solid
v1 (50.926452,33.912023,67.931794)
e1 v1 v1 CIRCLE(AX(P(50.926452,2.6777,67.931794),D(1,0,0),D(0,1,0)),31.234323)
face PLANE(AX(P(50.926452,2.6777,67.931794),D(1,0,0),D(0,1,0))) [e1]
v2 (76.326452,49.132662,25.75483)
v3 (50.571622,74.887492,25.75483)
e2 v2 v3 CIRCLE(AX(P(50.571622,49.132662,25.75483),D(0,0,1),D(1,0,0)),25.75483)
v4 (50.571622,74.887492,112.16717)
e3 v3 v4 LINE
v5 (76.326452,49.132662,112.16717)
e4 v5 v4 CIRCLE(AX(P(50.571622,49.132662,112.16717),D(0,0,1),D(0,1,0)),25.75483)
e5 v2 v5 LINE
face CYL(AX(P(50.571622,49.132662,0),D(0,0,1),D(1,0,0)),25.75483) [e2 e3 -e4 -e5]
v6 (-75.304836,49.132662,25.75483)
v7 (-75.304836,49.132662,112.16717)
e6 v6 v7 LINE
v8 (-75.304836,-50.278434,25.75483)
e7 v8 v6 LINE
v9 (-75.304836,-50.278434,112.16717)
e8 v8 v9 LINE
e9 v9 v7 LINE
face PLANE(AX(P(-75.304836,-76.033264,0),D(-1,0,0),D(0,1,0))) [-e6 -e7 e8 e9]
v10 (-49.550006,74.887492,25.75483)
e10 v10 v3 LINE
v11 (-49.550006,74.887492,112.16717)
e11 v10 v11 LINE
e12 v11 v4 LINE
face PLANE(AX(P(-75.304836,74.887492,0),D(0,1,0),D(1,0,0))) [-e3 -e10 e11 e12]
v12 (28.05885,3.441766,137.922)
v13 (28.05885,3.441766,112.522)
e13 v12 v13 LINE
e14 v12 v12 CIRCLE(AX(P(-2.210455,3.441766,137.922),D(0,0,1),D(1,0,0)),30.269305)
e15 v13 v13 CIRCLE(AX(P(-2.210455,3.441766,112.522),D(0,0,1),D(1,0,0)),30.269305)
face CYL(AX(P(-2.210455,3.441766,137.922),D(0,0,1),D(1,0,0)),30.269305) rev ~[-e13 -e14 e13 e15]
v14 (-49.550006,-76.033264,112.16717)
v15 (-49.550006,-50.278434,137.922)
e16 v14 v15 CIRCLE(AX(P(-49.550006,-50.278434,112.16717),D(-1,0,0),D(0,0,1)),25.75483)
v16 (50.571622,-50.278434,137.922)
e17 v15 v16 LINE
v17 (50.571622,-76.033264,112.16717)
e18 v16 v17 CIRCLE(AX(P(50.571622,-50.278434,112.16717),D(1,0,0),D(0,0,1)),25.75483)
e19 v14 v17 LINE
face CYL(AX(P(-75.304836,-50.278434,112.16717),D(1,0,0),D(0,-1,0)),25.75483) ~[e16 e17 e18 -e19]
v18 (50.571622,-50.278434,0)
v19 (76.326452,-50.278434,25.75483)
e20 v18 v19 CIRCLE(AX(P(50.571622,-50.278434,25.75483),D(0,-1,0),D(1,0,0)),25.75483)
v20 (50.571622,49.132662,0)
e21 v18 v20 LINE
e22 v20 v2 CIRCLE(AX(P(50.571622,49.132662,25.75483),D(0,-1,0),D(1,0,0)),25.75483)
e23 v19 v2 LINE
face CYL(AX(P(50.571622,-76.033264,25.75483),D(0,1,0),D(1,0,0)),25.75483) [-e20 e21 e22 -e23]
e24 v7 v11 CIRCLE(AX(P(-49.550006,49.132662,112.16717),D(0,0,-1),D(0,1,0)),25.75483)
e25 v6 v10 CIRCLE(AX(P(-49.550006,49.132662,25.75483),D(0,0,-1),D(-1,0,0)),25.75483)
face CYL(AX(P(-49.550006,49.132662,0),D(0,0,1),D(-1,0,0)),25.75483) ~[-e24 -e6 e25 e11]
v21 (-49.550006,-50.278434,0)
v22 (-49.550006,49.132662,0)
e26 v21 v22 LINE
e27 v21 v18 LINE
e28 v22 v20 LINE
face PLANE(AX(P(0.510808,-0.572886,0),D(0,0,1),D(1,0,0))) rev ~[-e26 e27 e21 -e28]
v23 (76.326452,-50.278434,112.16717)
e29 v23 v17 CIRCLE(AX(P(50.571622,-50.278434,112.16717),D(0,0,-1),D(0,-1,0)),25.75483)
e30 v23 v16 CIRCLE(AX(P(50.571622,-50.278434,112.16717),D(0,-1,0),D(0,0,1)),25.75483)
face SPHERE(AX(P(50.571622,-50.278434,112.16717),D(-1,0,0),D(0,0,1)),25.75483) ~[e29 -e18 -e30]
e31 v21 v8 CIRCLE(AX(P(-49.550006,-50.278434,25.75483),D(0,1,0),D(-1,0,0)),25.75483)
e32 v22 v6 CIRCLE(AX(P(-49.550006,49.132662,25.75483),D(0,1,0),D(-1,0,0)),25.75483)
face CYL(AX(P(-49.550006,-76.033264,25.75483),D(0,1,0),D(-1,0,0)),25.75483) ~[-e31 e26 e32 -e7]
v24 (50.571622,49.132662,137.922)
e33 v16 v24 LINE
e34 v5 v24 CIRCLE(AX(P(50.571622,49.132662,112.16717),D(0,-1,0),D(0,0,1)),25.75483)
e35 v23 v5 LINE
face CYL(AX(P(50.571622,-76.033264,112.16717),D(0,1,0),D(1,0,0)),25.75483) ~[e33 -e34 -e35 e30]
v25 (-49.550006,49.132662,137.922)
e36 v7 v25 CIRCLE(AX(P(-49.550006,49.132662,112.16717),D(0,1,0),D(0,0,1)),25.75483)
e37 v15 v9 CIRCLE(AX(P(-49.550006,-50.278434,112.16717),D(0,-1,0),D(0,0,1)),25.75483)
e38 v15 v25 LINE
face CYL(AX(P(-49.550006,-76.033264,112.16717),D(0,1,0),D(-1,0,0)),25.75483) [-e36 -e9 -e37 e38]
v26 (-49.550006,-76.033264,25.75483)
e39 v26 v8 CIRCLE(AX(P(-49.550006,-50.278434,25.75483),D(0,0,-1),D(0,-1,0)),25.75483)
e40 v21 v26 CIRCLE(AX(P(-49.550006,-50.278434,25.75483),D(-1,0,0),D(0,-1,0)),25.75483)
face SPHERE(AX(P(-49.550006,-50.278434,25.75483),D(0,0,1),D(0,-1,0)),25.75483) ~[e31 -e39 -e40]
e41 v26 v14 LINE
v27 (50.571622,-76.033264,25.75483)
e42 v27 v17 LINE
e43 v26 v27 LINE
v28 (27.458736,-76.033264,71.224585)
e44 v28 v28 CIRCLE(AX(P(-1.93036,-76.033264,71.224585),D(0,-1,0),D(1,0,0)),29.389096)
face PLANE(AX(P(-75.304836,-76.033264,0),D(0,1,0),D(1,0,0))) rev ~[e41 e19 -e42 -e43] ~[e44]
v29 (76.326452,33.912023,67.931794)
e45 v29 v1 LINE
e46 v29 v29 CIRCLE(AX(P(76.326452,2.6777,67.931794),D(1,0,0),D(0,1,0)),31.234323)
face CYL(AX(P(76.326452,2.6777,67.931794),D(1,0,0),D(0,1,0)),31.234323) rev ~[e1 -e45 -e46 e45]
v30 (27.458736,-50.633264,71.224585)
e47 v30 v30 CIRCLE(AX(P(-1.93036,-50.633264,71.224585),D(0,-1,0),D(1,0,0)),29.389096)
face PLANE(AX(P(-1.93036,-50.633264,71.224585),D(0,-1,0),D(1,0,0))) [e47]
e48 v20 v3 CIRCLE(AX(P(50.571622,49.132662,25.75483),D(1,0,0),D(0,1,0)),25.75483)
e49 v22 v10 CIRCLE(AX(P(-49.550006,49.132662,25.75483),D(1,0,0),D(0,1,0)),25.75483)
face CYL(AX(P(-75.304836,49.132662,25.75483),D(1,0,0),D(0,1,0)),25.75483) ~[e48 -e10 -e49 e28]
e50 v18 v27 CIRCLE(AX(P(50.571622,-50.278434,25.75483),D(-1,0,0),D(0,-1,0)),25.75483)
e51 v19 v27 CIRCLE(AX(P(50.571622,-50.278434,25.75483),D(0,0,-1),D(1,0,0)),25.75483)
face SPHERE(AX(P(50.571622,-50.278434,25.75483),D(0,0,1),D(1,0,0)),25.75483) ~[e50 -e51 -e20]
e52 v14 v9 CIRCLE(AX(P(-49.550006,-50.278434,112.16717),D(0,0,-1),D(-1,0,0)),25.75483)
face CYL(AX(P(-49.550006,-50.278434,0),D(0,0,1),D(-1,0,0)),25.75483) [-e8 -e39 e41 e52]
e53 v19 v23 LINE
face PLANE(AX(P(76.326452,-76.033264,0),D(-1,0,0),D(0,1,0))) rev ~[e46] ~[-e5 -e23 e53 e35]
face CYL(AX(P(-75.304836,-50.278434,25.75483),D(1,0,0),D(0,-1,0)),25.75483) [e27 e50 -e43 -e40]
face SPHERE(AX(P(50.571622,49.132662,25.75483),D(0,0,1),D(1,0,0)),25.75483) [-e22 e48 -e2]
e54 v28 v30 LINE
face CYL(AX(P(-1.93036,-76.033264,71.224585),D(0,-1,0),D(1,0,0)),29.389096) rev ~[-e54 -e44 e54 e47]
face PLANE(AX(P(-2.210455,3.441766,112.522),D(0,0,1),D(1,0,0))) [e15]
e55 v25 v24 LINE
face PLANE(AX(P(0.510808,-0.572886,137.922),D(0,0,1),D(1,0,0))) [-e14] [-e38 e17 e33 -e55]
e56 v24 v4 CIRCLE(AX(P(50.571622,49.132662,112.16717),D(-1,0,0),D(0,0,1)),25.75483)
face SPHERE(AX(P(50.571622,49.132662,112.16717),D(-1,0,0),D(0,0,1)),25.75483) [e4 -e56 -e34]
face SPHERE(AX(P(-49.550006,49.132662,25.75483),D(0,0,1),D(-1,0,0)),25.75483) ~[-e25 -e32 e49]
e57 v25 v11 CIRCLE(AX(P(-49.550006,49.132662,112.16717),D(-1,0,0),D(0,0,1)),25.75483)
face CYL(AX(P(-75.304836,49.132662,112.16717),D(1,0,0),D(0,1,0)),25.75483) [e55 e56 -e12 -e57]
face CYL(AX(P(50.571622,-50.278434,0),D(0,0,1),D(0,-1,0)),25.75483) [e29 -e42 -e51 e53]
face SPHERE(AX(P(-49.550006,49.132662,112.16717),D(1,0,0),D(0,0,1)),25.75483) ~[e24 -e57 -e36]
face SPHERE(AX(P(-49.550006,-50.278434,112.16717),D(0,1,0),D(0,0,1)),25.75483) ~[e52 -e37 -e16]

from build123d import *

# Parameters (mm, degrees)
F0_W     = 151.631288
F0_H     = 150.920756
F1_DEPTH = 137.922
F2_R     = 25.75483
F3_R     = 30.269305
F4_DEPTH = 25.4
F5_R     = 29.389096
F6_DEPTH = 25.4
F7_R     = 31.234323
F8_DEPTH = 25.4


with BuildPart() as f1:
    # F0 (on Top) → F1 (new body)
    with BuildSketch(Plane.XY):
        with Locations((0.510808, -0.572886)):
            Rectangle(F0_W, F0_H)
    extrude(amount=F1_DEPTH)

    # F2
    f2_edges = [f1.edges().sort_by_distance(p)[0] for p in [
        (0.510808, 74.887492, 137.922),
        (-75.304836, -0.572886, 137.922),
        (0.510808, -76.033264, 137.922),
        (76.326452, -0.572886, 137.922),
        (76.326452, -76.033264, 68.961),
        (76.326452, 74.887492, 68.961),
        (76.326452, -0.572886, 0),
        (-75.304836, -76.033264, 68.961),
        (0.510808, -76.033264, 0),
        (-75.304836, 74.887492, 68.961),
        (-75.304836, -0.572886, 0),
        (0.510808, 74.887492, 0),
    ]]
    fillet(f2_edges, radius=F2_R)

    # F3 (on face) → F4 (cut)
    with BuildSketch(Plane.XY.offset(137.922)):
        with Locations((-2.210455, 3.441766)):
            Circle(F3_R)
    extrude(amount=-F4_DEPTH, mode=Mode.SUBTRACT)

    # F5 (on face) → F6 (cut)
    with BuildSketch(Plane.XZ.offset(76.033264)):
        with Locations((-1.93036, 71.224585)):
            Circle(F5_R)
    extrude(amount=-F6_DEPTH, mode=Mode.SUBTRACT)

    # F7 (on face) → F8 (cut)
    with BuildSketch(Plane.YZ.offset(76.326452)):
        with Locations((2.6777, 67.931794)):
            Circle(F7_R)
    extrude(amount=-F8_DEPTH, mode=Mode.SUBTRACT)


solid = f1.part
